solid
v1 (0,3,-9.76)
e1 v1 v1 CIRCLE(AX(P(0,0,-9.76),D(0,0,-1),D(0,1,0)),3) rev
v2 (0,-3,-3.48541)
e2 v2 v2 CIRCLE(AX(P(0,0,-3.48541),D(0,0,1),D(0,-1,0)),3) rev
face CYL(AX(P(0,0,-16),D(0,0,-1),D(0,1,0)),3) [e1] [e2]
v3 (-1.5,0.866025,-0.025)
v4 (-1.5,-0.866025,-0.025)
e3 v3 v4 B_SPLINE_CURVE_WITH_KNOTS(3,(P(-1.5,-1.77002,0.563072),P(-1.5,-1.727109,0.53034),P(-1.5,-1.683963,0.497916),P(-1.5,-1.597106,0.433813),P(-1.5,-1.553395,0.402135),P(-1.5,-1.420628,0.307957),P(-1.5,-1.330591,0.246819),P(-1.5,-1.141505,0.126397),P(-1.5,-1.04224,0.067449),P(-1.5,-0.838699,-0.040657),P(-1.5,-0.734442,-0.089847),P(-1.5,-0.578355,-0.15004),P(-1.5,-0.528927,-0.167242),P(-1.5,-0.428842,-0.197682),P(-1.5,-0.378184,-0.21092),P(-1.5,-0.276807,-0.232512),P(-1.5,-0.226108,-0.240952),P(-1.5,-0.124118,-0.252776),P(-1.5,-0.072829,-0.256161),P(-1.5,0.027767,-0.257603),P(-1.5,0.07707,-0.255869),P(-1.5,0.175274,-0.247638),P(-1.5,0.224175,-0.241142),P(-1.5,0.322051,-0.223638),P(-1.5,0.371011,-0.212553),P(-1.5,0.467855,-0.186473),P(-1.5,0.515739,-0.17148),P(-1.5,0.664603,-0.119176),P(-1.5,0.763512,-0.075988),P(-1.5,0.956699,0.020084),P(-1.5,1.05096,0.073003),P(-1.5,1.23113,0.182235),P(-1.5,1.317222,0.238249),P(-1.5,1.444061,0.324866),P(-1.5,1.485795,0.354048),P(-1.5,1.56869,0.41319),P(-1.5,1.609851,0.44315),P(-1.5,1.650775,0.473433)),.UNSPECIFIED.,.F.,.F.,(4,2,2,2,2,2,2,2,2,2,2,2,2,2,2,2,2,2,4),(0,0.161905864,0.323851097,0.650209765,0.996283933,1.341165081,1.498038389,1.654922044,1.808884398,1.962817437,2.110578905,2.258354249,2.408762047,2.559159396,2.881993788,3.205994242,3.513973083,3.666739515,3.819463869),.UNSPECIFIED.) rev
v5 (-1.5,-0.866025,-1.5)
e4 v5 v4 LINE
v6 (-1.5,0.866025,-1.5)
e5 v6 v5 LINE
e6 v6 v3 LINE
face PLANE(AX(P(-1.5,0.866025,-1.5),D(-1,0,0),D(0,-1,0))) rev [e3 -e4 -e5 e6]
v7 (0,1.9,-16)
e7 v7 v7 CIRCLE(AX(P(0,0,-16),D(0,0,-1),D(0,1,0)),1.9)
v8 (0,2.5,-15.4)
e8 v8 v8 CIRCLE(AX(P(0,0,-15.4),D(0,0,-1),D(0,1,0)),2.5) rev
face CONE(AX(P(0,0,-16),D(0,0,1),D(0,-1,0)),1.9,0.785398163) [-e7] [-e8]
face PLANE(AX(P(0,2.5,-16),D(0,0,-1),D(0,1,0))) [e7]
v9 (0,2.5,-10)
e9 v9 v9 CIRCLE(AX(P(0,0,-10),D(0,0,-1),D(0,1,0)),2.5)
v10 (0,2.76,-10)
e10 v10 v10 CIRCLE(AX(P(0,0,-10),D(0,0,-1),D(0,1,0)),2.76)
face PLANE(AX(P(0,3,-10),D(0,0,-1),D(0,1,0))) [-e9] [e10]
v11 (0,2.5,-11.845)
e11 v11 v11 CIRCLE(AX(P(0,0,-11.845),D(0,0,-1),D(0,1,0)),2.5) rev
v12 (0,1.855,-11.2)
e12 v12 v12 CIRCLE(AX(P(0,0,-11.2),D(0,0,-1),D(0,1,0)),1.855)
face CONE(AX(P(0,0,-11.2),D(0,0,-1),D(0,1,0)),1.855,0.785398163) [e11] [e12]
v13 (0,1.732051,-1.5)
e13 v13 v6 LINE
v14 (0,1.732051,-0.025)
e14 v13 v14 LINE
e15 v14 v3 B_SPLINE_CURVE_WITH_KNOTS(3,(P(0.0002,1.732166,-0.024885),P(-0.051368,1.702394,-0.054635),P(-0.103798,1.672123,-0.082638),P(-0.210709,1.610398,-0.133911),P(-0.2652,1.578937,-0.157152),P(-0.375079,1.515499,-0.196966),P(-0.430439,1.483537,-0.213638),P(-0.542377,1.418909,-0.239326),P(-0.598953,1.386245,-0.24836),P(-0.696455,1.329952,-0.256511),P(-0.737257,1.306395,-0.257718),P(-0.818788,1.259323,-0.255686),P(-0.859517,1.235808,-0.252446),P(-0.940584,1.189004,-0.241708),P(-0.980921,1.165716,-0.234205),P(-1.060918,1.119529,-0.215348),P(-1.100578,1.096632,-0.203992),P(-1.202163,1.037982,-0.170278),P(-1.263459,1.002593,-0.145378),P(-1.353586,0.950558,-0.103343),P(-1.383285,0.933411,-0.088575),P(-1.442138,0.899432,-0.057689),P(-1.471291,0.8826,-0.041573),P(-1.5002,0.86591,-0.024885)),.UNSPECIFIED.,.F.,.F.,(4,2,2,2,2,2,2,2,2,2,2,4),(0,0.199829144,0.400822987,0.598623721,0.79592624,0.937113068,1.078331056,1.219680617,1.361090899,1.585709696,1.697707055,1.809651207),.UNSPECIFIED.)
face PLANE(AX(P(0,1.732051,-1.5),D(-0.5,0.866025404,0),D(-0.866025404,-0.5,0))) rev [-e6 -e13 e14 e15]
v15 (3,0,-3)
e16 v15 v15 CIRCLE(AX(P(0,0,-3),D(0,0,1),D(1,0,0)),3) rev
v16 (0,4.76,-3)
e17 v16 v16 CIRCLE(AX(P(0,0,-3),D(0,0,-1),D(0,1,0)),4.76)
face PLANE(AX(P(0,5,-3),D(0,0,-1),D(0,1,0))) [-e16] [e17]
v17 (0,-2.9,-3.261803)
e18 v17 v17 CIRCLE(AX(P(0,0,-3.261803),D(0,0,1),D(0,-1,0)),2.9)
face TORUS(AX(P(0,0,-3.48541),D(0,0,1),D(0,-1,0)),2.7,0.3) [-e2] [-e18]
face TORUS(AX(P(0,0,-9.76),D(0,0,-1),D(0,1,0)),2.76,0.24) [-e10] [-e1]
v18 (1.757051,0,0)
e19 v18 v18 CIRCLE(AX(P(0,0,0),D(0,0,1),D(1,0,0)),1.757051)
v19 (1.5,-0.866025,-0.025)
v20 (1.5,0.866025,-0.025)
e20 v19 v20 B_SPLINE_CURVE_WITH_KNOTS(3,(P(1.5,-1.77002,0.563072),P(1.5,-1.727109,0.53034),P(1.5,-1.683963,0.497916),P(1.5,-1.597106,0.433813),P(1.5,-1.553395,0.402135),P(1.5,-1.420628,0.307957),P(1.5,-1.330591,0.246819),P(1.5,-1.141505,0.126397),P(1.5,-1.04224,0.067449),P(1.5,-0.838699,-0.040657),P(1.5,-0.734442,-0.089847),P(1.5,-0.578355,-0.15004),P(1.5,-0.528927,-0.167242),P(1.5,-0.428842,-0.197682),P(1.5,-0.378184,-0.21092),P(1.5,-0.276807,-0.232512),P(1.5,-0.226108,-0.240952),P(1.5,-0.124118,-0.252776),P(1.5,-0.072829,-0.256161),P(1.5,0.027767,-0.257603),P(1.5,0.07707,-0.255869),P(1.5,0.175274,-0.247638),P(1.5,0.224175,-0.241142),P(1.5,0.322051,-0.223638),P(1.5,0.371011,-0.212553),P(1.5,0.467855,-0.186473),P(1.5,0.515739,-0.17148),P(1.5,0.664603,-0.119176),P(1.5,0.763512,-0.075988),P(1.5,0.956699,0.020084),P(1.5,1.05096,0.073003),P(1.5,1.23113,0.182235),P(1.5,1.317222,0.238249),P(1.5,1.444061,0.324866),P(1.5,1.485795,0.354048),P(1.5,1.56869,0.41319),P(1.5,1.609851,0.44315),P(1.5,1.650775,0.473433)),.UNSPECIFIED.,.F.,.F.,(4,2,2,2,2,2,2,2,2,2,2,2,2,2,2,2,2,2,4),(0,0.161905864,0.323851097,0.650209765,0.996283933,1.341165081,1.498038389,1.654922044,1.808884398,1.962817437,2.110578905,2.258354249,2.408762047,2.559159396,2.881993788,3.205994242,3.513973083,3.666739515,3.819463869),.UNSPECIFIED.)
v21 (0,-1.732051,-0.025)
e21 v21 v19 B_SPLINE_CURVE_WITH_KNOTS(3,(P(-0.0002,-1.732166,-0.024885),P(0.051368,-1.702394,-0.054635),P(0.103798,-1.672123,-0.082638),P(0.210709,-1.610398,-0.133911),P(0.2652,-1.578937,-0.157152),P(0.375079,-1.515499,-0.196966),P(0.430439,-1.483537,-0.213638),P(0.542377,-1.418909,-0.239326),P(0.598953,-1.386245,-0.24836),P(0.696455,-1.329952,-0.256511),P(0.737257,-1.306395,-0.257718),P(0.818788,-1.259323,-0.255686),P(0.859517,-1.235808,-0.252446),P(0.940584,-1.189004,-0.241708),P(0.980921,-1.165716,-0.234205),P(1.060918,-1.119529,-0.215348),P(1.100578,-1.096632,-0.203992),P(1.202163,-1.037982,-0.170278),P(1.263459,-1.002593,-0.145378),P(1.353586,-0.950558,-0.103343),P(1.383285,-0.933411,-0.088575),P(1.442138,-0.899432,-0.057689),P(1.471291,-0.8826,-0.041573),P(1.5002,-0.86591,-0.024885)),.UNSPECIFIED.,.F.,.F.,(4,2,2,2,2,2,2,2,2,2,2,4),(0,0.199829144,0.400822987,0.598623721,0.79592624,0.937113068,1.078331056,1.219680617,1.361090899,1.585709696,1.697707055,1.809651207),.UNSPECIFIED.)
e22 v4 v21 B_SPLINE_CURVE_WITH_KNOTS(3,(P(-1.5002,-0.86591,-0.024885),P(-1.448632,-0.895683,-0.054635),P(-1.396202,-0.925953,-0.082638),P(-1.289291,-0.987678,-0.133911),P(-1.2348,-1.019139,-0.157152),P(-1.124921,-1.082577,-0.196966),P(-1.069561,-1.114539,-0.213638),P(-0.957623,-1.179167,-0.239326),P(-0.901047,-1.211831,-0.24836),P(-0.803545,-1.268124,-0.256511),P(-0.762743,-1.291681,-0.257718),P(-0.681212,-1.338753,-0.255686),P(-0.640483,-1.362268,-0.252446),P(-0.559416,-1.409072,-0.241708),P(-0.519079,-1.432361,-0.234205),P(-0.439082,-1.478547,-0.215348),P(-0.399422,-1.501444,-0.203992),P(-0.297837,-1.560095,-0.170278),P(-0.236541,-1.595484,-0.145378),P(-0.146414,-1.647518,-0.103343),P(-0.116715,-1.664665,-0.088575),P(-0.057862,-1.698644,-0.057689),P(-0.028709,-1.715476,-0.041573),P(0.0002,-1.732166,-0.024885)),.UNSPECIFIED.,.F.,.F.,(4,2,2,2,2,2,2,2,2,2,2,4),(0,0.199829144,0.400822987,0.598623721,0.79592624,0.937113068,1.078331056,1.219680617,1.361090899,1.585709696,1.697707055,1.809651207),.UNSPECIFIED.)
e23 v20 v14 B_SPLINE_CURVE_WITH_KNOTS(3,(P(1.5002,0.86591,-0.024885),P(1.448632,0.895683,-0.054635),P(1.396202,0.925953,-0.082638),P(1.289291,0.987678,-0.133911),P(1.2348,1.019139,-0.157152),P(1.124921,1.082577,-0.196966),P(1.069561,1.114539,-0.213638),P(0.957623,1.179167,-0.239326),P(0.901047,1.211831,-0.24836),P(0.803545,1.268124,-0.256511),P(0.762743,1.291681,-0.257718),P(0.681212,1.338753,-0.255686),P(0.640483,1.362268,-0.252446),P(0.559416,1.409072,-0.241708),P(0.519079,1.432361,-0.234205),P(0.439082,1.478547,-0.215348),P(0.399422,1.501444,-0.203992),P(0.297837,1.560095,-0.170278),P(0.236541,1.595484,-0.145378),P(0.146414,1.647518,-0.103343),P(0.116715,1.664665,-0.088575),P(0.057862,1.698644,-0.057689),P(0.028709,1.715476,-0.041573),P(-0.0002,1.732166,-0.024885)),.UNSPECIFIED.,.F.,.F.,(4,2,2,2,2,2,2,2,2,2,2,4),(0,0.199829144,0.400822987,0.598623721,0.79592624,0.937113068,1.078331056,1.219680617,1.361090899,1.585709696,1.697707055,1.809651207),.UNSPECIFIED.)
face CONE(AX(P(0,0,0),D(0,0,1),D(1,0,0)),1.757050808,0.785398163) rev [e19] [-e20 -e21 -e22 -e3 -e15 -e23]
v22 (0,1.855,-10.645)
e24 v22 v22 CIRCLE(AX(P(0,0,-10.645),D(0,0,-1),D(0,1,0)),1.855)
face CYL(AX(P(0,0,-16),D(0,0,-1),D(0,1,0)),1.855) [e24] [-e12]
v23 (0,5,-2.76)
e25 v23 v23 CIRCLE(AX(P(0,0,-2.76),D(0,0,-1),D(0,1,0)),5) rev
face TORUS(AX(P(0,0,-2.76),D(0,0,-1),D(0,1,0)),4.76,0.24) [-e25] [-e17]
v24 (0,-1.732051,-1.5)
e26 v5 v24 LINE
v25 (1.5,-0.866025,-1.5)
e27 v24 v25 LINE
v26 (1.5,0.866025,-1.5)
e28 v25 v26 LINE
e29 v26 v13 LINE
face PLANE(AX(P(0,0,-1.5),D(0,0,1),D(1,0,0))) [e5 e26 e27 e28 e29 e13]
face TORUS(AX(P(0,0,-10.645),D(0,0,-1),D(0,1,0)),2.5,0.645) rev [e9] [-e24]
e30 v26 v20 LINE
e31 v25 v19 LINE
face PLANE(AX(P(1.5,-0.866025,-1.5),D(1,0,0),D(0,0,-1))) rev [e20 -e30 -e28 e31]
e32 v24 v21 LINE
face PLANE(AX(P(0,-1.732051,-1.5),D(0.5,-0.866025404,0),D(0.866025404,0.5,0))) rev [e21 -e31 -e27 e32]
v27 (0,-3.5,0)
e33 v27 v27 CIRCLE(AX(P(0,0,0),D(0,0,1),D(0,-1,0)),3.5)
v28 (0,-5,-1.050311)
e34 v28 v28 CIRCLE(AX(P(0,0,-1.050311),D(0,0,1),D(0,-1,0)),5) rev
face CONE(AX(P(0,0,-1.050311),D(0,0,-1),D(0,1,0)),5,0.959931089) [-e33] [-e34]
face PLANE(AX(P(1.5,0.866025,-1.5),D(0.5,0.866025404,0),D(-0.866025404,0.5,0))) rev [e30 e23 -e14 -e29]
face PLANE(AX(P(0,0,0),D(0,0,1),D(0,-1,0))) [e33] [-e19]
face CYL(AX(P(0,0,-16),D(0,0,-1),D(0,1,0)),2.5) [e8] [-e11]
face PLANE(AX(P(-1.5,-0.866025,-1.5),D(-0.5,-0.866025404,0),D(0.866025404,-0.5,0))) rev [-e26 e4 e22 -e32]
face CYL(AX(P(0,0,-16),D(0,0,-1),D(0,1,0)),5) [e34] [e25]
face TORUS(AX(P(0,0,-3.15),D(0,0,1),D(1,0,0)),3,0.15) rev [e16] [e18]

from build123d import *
from build123d.topology import SkipClean

# Parameters (mm, degrees)
CUT_REVOLVE1_ANGLE = 360
CUT_EXTRUDE2_DEPTH = 1.5
SKETCH9_R          = 1.757050808
CUT_EXTRUDE4_DEPTH = 1.5
CUT_EXTRUDE4_DRAFT = -45
CHAMFER1_SIZE      = 0.6
CHAMFER2_SIZE      = 1.5
CHAMFER2_SIZE2     = 1.050311307
FILLET1_R          = 0.24
SKETCH12_R         = 0.15
FILLET2_R          = 0.3


with BuildPart() as part:
    # Sketch10 → Revolve1 (revolve)
    with BuildSketch(Plane(origin=(0, 0, 0), x_dir=(0, 0, -1), z_dir=(1, 0, 0))):
        Polygon((10, 3), (10, 2.5), (16, 2.5), (16, 0), (0, 0), (0, 5), (3, 5), (3, 3), align=None)
    revolve(axis=Axis((0, 0, -16), (0, 0, 1)))

    # Sketch5 → Cut-Revolve1 (revolve, symmetric, cut)
    with SkipClean():  # the faces are left unmerged after this step: merging them gives an invalid solid
        with BuildSketch(Plane(origin=(0, 0, 0), x_dir=(0, 0, -1), z_dir=(1, 0, 0))) as cut_revolve1_sk:
            with BuildLine():
                Line((10, 3), (12.345, 3))
                Line((12.345, 3), (11.2, 1.855))
                Line((11.2, 1.855), (10.645, 1.855))
                ThreePointArc((10.645, 1.855), (10.188916126, 2.043916126), (10, 2.5))
                Line((10, 2.5), (10, 3))
            make_face()
        revolve(axis=Axis((0, 0, -16), (0, 0, 1)), revolution_arc=CUT_REVOLVE1_ANGLE / 2, mode=Mode.SUBTRACT)
        revolve(cut_revolve1_sk.sketch, axis=Axis((0, 0, -16), (0, 0, -1)), revolution_arc=CUT_REVOLVE1_ANGLE / 2, mode=Mode.SUBTRACT)

    # Sketch8 → Cut-Extrude2 (cut)
    with BuildSketch(Plane.XY):
        Polygon((0, 1.732050808), (-1.5, 0.866025404), (-1.5, -0.866025404), (0, -1.732050808), (1.5, -0.866025404), (1.5, 0.866025404), align=None)
    extrude(amount=-CUT_EXTRUDE2_DEPTH, mode=Mode.SUBTRACT)


with BuildPart() as cut_extrude4_tool:
    # Sketch9 → Cut-Extrude4 (with draft: the straight prism first)
    with BuildSketch(Plane.XY):
        Circle(SKETCH9_R)
    extrude(amount=-CUT_EXTRUDE4_DEPTH)
    # Cut-Extrude4: the draft: its side faces are tilted about the plane it starts from
    cut_extrude4_sides = [cut_extrude4_tool.faces().sort_by_distance(p)[0] for p in [
        (-1.757050808, 0, -0.75),
    ]]
    draft(cut_extrude4_sides, Plane.XY, CUT_EXTRUDE4_DRAFT)


with BuildPart() as part_1:
    add(part.part)

    # Cut-Extrude4: cut by cut_extrude4_tool
    add(cut_extrude4_tool.part, mode=Mode.SUBTRACT)

    # Chamfer1
    chamfer1_edges = [part_1.edges().sort_by_distance(p)[0] for p in [
        (0, -2.5, -16),
    ]]
    chamfer(chamfer1_edges, length=CHAMFER1_SIZE)

    # Chamfer2
    chamfer2_edges = [part_1.edges().sort_by_distance(p)[0] for p in [
        (0, -5, 0),
    ]]
    chamfer2_side = [part_1.faces().sort_by_distance(p)[0] for p in [
        (0, -4.858578644, 0),
    ]]
    chamfer(chamfer2_edges, length=CHAMFER2_SIZE, length2=CHAMFER2_SIZE2, reference=chamfer2_side[0])

    # Fillet1
    fillet1_edges = [part_1.edges().sort_by_distance(p)[0] for p in [
        (0, -5, -3),
        (0, -3, -10),
    ]]
    fillet(fillet1_edges, radius=FILLET1_R)

    # Sketch12 → Cut-Revolve2 (revolve, cut)
    with BuildSketch(Plane(origin=(0, 0, 0), x_dir=(0, 0, -1), z_dir=(1, 0, 0)), mode=Mode.PRIVATE) as cut_revolve2_sk:
        with Locations((3.15, 3)):
            Circle(SKETCH12_R)
    revolve(cut_revolve2_sk.sketch.rotate(Axis((0, 0, 0), (0, 0, -1)), 90), axis=Axis((0, 0, 0), (0, 0, -1)), mode=Mode.SUBTRACT)

    # Fillet2
    fillet2_edges = [part_1.edges().sort_by_distance(p)[0] for p in [
        (2.121320344, 2.121320344, -3.3),
    ]]
    fillet(fillet2_edges, radius=FILLET2_R)


solid = part_1.part
